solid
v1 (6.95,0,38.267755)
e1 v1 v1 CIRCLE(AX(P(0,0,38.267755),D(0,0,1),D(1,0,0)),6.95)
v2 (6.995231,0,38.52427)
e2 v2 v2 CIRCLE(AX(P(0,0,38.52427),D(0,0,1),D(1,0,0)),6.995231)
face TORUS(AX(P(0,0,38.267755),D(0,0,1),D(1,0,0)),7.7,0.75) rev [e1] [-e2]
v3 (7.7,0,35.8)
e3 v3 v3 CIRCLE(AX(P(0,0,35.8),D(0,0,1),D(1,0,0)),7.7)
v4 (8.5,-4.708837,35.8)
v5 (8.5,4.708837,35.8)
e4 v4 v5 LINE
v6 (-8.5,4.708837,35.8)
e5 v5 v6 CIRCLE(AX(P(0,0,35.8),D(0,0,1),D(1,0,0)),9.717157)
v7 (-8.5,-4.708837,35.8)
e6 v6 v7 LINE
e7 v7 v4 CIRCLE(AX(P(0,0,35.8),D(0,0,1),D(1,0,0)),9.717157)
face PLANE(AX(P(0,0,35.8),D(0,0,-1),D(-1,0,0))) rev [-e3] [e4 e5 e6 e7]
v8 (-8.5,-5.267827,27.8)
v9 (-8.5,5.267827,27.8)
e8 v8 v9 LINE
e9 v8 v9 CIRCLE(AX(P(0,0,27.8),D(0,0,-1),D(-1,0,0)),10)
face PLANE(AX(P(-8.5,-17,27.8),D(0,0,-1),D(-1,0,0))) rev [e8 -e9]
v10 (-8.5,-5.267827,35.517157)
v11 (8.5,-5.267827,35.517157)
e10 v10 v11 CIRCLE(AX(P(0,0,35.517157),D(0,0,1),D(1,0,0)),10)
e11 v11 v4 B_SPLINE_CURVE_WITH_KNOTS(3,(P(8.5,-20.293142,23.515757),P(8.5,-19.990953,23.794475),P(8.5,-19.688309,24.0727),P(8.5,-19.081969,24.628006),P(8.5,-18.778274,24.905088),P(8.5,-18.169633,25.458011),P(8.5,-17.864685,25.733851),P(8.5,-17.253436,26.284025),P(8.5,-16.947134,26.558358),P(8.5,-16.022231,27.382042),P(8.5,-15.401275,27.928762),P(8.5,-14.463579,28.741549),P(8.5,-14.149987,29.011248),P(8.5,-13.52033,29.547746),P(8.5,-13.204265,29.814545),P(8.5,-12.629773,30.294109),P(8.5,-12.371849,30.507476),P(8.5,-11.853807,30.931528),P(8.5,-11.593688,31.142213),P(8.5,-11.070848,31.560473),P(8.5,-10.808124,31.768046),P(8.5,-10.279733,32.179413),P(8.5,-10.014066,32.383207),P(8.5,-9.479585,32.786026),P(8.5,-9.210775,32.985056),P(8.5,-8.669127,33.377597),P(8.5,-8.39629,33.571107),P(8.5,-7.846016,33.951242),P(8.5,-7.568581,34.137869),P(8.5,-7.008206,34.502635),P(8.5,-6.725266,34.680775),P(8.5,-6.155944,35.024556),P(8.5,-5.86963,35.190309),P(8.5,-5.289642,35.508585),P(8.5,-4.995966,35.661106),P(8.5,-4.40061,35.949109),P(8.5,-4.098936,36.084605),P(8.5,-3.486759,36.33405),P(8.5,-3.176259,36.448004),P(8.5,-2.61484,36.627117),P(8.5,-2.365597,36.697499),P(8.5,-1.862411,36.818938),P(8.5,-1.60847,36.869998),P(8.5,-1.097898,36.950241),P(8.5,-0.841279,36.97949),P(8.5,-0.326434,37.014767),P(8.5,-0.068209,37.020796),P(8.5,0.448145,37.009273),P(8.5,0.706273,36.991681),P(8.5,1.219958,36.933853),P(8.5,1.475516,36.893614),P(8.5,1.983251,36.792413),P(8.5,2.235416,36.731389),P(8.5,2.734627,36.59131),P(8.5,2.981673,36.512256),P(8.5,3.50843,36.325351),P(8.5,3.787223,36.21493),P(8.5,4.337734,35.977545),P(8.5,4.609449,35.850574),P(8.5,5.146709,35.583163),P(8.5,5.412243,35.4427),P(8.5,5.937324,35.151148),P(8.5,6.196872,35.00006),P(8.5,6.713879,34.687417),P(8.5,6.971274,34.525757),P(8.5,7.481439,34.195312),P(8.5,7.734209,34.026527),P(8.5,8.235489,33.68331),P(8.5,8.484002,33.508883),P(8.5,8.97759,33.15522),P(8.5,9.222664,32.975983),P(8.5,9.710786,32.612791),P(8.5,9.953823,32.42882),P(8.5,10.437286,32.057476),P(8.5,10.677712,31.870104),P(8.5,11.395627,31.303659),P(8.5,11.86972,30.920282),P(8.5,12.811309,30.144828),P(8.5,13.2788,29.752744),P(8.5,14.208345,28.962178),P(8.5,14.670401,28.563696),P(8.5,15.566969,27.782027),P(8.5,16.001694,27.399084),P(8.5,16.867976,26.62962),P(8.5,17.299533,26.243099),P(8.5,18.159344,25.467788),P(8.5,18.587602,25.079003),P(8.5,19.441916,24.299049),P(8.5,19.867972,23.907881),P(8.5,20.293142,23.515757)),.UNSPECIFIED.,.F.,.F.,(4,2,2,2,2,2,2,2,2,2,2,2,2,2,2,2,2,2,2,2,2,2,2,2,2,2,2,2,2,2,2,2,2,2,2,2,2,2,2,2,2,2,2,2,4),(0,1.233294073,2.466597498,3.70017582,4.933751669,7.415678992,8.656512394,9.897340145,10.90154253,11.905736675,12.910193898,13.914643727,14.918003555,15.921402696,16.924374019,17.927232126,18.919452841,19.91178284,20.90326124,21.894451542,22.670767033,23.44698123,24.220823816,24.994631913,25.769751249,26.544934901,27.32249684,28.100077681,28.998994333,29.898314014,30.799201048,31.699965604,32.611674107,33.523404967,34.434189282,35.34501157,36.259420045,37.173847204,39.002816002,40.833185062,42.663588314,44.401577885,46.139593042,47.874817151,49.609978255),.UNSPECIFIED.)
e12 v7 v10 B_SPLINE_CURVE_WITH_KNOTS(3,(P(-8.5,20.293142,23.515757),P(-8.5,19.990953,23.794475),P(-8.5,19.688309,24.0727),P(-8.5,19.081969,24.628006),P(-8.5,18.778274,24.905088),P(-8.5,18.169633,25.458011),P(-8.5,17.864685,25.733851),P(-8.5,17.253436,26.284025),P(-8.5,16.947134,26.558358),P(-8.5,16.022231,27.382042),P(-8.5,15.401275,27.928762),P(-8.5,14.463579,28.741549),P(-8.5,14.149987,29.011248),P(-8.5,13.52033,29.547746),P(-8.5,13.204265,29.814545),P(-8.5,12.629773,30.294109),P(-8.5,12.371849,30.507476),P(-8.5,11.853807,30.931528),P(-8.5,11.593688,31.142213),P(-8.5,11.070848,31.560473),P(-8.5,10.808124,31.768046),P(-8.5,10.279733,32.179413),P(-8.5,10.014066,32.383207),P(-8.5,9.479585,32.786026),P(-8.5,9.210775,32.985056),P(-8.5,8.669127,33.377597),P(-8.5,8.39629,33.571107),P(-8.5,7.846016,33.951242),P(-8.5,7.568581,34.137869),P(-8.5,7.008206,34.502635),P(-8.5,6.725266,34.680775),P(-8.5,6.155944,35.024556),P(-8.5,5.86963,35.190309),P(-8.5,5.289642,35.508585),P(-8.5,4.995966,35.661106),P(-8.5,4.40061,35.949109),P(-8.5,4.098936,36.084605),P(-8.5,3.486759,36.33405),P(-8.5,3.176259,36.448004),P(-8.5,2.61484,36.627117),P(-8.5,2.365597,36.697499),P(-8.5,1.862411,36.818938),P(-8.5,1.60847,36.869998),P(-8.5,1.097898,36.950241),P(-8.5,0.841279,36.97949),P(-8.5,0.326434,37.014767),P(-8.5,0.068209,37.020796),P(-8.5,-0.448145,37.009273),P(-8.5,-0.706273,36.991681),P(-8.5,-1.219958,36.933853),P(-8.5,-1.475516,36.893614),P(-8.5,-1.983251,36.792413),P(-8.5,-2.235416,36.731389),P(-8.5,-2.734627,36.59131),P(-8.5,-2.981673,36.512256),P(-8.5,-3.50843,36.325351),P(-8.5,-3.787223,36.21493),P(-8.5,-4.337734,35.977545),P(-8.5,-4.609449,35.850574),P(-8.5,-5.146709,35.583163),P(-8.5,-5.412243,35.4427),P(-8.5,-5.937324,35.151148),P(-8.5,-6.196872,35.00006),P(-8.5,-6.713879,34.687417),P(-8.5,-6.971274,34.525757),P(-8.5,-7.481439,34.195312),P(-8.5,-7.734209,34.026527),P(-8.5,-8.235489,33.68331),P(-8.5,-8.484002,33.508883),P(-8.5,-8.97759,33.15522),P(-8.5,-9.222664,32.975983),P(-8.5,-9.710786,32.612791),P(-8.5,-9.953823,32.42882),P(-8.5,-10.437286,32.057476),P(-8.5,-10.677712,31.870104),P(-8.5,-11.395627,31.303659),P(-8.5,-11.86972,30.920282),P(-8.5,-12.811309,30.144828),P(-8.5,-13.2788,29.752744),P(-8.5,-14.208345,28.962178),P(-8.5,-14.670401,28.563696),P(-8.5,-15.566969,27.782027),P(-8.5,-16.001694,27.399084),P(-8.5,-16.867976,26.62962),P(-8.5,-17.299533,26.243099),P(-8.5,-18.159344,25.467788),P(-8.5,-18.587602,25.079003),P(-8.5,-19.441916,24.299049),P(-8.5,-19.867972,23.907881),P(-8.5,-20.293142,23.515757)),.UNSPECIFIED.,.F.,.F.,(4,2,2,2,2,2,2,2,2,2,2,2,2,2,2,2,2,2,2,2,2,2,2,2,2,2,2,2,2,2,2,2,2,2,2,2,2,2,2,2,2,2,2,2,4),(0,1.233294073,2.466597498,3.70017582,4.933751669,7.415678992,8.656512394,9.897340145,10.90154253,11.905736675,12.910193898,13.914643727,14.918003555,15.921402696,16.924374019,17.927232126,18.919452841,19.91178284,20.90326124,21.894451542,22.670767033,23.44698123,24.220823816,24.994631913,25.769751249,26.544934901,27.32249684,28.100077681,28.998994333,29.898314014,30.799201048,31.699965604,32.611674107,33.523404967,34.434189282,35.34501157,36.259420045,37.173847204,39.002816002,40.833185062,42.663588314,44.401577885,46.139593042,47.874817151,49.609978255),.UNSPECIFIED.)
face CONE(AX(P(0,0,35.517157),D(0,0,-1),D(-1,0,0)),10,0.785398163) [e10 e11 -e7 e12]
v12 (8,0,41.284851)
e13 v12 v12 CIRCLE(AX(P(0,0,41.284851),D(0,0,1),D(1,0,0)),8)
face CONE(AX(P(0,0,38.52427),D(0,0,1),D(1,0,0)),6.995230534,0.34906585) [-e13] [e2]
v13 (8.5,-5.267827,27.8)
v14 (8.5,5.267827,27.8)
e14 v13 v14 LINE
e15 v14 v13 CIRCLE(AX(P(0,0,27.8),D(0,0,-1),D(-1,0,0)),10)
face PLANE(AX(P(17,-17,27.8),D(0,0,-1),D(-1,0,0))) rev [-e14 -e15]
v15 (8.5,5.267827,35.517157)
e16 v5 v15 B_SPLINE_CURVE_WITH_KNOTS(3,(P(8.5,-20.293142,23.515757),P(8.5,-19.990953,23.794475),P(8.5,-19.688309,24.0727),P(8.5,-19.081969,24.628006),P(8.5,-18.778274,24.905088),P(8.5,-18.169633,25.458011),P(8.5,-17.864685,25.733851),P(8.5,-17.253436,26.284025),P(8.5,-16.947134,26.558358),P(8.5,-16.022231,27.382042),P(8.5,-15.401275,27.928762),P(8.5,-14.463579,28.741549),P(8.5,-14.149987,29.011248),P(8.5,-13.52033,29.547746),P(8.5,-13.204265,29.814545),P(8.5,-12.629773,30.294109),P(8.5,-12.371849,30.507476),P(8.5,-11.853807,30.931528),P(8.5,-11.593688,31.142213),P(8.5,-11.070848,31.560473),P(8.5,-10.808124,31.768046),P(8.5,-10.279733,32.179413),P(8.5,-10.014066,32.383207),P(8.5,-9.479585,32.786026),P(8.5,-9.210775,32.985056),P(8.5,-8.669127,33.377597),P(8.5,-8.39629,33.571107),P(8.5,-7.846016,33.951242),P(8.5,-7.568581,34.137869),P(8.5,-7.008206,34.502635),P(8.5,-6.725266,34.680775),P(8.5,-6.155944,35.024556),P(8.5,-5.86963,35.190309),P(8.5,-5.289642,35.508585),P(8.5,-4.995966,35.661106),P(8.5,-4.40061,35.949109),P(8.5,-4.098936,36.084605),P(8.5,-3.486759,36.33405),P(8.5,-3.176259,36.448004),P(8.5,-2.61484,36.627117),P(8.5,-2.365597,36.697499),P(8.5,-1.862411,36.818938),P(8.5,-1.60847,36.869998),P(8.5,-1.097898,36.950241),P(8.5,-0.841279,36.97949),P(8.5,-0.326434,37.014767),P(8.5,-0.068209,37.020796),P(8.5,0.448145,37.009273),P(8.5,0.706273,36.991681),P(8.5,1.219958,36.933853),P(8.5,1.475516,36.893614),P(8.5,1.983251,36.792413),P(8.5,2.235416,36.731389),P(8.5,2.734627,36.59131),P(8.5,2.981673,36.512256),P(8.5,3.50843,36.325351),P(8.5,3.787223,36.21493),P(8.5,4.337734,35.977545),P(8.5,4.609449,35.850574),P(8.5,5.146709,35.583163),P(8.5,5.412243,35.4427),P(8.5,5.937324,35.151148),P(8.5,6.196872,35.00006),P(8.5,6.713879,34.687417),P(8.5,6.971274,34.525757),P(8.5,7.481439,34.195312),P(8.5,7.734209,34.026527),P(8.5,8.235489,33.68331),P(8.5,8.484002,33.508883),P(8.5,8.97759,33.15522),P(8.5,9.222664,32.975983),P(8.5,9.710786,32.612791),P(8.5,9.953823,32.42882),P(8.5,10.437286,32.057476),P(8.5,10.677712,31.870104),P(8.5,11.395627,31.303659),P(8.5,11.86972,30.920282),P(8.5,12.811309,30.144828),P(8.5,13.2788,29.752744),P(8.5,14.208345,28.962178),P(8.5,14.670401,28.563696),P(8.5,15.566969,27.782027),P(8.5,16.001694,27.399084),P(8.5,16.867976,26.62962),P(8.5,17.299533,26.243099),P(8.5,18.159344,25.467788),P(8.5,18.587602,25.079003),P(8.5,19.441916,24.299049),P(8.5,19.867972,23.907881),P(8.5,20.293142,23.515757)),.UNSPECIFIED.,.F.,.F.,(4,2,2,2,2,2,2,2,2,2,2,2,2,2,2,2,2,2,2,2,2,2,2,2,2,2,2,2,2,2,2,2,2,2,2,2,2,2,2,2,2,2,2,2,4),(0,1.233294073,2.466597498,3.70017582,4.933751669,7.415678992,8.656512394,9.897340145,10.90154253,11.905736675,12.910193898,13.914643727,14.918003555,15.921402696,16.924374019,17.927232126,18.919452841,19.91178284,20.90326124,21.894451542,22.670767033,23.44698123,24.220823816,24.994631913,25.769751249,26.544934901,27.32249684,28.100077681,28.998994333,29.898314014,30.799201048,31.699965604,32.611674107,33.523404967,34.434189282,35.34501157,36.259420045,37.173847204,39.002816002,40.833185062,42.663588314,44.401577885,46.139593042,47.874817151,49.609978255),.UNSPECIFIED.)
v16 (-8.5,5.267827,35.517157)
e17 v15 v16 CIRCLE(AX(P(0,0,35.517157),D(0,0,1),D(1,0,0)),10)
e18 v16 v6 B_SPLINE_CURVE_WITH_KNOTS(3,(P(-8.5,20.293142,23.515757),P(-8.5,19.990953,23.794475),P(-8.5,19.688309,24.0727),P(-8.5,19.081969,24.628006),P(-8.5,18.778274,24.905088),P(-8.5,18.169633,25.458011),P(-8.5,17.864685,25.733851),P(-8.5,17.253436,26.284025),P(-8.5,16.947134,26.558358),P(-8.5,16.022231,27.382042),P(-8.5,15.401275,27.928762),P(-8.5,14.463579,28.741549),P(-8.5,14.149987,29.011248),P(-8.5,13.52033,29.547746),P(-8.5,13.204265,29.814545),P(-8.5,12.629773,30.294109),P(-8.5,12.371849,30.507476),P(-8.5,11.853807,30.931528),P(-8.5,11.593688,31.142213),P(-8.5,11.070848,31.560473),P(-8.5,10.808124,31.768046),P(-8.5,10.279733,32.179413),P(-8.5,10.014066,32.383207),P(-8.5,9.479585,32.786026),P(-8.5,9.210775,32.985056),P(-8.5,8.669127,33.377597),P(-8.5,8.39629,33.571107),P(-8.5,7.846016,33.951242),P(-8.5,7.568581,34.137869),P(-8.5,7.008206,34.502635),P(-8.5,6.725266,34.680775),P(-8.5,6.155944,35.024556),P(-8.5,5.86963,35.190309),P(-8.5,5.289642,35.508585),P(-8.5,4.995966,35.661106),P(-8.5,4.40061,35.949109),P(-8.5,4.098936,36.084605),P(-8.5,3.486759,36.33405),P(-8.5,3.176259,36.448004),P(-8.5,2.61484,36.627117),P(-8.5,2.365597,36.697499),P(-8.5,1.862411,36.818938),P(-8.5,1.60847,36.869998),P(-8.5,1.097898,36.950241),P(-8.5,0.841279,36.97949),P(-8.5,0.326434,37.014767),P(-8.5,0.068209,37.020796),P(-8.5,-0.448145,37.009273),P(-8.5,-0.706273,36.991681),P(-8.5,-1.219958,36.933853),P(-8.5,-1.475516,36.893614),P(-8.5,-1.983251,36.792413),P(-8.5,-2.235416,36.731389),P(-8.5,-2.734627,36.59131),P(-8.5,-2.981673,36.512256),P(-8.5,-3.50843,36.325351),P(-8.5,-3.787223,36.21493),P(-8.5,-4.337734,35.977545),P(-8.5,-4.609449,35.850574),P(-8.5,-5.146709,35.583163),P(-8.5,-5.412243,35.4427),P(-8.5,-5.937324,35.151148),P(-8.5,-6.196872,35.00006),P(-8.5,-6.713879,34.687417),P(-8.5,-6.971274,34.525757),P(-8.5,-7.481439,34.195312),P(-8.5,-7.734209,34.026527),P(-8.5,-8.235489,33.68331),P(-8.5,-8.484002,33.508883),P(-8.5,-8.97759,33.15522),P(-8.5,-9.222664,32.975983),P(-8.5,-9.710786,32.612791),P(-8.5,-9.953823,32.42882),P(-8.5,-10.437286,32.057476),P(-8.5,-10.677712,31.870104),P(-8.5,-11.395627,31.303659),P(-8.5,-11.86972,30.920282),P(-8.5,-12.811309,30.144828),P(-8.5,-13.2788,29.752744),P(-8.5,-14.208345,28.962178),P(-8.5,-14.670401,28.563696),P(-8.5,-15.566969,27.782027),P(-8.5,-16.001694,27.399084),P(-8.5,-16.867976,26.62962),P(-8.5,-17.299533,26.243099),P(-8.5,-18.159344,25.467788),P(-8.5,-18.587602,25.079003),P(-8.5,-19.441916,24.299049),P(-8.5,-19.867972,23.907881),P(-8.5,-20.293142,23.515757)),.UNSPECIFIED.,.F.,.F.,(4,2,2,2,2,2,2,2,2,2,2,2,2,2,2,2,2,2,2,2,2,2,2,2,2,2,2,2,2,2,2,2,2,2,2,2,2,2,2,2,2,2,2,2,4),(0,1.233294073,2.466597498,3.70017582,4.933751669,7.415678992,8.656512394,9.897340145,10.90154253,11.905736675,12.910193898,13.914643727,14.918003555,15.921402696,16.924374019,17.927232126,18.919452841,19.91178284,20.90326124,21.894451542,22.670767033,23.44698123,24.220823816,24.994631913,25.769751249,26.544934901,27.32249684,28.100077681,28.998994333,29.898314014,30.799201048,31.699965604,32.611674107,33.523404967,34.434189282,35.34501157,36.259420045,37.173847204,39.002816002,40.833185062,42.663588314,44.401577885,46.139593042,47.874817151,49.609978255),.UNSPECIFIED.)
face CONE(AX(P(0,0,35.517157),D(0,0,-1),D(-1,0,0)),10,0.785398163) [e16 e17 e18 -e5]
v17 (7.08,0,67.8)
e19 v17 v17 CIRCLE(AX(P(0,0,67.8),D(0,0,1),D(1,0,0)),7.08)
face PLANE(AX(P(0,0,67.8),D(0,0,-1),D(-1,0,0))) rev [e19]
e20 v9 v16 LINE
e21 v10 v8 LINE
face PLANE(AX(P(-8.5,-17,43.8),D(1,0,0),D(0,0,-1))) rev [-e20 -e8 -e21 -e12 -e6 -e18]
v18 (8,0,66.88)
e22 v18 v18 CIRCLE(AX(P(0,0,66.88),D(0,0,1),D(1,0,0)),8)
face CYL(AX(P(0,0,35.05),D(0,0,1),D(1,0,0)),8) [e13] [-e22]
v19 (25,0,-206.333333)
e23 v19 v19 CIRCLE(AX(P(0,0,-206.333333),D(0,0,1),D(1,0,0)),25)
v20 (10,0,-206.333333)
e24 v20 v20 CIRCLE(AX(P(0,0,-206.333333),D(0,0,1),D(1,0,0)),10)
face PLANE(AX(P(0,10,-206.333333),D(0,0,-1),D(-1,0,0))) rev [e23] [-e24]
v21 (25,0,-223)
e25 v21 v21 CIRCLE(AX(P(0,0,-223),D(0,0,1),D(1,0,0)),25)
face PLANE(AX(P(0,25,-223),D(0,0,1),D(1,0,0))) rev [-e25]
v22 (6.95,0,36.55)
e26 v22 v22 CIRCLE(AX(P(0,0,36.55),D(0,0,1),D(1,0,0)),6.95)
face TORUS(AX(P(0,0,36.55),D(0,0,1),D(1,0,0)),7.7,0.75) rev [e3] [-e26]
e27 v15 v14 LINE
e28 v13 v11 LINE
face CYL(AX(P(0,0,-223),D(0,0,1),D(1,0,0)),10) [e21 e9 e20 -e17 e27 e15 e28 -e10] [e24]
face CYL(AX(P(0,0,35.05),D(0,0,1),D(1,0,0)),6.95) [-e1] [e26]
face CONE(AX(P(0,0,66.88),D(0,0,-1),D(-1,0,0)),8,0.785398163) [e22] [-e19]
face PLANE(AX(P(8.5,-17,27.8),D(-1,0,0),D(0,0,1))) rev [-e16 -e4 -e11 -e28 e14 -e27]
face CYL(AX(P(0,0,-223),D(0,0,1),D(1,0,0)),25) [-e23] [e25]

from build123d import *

# Parameters (mm, degrees)
CUT_EXTRUDE1_DEPTH      = 17
CUT_EXTRUDE1_DEPTH_BACK = 17


with BuildPart() as part:
    # Sketch1 → Revolve1 (revolve)
    with BuildSketch(Plane(origin=(0, 0, 0), x_dir=(0, 0, -1), z_dir=(1, 0, 0))):
        Polygon((-35.8, 0), (-35.8, 9.717157288), (-35.517157288, 10), (206.333333333, 10), (206.333333333, 25), (223, 25), (223, 0), align=None)
    revolve(axis=Axis((0, 0, -223), (0, 0, 1)))

    # Sketch2 → Cut-Extrude1 (cut, two sides: drawn at the far end of the back side and taken through both)
    with BuildSketch(Plane(origin=(0, 0, 0), x_dir=(1, 0, 0), z_dir=(0, 1, 0)).offset(-CUT_EXTRUDE1_DEPTH_BACK)):
        Polygon((-17, -61.8), (17, -61.8), (17, -27.8), (8.5, -27.8), (8.5, -43.8), (-8.5, -43.8), (-8.5, -27.8), (-17, -27.8), align=None)
    extrude(amount=CUT_EXTRUDE1_DEPTH + CUT_EXTRUDE1_DEPTH_BACK, mode=Mode.SUBTRACT)

    # Sketch3 → Revolve2 (revolve)
    with BuildSketch(Plane(origin=(0, 0, 0), x_dir=(0, 0, -1), z_dir=(1, 0, 0))):
        with BuildLine():
            Line((-67.8, 0), (-67.8, 7.08))
            Line((-67.8, 7.08), (-66.88, 8))
            Line((-66.88, 8), (-41.28485129, 8))
            Line((-41.28485129, 8), (-38.524269872, 6.995230534))
            ThreePointArc((-38.524269872, 6.995230534), (-38.397990898, 6.961394185), (-38.267754764, 6.95))
            Line((-38.267754764, 6.95), (-36.55, 6.95))
            ThreePointArc((-36.55, 6.95), (-36.019669914, 7.169669914), (-35.8, 7.7))
            Line((-35.8, 7.7), (-35.05, 7.7))
            Line((-35.05, 7.7), (-35.05, 0))
            Line((-35.05, 0), (-67.8, 0))
        make_face()
    revolve(axis=Axis((0, 0, 35.05), (0, 0, 1)))


solid = part.part
